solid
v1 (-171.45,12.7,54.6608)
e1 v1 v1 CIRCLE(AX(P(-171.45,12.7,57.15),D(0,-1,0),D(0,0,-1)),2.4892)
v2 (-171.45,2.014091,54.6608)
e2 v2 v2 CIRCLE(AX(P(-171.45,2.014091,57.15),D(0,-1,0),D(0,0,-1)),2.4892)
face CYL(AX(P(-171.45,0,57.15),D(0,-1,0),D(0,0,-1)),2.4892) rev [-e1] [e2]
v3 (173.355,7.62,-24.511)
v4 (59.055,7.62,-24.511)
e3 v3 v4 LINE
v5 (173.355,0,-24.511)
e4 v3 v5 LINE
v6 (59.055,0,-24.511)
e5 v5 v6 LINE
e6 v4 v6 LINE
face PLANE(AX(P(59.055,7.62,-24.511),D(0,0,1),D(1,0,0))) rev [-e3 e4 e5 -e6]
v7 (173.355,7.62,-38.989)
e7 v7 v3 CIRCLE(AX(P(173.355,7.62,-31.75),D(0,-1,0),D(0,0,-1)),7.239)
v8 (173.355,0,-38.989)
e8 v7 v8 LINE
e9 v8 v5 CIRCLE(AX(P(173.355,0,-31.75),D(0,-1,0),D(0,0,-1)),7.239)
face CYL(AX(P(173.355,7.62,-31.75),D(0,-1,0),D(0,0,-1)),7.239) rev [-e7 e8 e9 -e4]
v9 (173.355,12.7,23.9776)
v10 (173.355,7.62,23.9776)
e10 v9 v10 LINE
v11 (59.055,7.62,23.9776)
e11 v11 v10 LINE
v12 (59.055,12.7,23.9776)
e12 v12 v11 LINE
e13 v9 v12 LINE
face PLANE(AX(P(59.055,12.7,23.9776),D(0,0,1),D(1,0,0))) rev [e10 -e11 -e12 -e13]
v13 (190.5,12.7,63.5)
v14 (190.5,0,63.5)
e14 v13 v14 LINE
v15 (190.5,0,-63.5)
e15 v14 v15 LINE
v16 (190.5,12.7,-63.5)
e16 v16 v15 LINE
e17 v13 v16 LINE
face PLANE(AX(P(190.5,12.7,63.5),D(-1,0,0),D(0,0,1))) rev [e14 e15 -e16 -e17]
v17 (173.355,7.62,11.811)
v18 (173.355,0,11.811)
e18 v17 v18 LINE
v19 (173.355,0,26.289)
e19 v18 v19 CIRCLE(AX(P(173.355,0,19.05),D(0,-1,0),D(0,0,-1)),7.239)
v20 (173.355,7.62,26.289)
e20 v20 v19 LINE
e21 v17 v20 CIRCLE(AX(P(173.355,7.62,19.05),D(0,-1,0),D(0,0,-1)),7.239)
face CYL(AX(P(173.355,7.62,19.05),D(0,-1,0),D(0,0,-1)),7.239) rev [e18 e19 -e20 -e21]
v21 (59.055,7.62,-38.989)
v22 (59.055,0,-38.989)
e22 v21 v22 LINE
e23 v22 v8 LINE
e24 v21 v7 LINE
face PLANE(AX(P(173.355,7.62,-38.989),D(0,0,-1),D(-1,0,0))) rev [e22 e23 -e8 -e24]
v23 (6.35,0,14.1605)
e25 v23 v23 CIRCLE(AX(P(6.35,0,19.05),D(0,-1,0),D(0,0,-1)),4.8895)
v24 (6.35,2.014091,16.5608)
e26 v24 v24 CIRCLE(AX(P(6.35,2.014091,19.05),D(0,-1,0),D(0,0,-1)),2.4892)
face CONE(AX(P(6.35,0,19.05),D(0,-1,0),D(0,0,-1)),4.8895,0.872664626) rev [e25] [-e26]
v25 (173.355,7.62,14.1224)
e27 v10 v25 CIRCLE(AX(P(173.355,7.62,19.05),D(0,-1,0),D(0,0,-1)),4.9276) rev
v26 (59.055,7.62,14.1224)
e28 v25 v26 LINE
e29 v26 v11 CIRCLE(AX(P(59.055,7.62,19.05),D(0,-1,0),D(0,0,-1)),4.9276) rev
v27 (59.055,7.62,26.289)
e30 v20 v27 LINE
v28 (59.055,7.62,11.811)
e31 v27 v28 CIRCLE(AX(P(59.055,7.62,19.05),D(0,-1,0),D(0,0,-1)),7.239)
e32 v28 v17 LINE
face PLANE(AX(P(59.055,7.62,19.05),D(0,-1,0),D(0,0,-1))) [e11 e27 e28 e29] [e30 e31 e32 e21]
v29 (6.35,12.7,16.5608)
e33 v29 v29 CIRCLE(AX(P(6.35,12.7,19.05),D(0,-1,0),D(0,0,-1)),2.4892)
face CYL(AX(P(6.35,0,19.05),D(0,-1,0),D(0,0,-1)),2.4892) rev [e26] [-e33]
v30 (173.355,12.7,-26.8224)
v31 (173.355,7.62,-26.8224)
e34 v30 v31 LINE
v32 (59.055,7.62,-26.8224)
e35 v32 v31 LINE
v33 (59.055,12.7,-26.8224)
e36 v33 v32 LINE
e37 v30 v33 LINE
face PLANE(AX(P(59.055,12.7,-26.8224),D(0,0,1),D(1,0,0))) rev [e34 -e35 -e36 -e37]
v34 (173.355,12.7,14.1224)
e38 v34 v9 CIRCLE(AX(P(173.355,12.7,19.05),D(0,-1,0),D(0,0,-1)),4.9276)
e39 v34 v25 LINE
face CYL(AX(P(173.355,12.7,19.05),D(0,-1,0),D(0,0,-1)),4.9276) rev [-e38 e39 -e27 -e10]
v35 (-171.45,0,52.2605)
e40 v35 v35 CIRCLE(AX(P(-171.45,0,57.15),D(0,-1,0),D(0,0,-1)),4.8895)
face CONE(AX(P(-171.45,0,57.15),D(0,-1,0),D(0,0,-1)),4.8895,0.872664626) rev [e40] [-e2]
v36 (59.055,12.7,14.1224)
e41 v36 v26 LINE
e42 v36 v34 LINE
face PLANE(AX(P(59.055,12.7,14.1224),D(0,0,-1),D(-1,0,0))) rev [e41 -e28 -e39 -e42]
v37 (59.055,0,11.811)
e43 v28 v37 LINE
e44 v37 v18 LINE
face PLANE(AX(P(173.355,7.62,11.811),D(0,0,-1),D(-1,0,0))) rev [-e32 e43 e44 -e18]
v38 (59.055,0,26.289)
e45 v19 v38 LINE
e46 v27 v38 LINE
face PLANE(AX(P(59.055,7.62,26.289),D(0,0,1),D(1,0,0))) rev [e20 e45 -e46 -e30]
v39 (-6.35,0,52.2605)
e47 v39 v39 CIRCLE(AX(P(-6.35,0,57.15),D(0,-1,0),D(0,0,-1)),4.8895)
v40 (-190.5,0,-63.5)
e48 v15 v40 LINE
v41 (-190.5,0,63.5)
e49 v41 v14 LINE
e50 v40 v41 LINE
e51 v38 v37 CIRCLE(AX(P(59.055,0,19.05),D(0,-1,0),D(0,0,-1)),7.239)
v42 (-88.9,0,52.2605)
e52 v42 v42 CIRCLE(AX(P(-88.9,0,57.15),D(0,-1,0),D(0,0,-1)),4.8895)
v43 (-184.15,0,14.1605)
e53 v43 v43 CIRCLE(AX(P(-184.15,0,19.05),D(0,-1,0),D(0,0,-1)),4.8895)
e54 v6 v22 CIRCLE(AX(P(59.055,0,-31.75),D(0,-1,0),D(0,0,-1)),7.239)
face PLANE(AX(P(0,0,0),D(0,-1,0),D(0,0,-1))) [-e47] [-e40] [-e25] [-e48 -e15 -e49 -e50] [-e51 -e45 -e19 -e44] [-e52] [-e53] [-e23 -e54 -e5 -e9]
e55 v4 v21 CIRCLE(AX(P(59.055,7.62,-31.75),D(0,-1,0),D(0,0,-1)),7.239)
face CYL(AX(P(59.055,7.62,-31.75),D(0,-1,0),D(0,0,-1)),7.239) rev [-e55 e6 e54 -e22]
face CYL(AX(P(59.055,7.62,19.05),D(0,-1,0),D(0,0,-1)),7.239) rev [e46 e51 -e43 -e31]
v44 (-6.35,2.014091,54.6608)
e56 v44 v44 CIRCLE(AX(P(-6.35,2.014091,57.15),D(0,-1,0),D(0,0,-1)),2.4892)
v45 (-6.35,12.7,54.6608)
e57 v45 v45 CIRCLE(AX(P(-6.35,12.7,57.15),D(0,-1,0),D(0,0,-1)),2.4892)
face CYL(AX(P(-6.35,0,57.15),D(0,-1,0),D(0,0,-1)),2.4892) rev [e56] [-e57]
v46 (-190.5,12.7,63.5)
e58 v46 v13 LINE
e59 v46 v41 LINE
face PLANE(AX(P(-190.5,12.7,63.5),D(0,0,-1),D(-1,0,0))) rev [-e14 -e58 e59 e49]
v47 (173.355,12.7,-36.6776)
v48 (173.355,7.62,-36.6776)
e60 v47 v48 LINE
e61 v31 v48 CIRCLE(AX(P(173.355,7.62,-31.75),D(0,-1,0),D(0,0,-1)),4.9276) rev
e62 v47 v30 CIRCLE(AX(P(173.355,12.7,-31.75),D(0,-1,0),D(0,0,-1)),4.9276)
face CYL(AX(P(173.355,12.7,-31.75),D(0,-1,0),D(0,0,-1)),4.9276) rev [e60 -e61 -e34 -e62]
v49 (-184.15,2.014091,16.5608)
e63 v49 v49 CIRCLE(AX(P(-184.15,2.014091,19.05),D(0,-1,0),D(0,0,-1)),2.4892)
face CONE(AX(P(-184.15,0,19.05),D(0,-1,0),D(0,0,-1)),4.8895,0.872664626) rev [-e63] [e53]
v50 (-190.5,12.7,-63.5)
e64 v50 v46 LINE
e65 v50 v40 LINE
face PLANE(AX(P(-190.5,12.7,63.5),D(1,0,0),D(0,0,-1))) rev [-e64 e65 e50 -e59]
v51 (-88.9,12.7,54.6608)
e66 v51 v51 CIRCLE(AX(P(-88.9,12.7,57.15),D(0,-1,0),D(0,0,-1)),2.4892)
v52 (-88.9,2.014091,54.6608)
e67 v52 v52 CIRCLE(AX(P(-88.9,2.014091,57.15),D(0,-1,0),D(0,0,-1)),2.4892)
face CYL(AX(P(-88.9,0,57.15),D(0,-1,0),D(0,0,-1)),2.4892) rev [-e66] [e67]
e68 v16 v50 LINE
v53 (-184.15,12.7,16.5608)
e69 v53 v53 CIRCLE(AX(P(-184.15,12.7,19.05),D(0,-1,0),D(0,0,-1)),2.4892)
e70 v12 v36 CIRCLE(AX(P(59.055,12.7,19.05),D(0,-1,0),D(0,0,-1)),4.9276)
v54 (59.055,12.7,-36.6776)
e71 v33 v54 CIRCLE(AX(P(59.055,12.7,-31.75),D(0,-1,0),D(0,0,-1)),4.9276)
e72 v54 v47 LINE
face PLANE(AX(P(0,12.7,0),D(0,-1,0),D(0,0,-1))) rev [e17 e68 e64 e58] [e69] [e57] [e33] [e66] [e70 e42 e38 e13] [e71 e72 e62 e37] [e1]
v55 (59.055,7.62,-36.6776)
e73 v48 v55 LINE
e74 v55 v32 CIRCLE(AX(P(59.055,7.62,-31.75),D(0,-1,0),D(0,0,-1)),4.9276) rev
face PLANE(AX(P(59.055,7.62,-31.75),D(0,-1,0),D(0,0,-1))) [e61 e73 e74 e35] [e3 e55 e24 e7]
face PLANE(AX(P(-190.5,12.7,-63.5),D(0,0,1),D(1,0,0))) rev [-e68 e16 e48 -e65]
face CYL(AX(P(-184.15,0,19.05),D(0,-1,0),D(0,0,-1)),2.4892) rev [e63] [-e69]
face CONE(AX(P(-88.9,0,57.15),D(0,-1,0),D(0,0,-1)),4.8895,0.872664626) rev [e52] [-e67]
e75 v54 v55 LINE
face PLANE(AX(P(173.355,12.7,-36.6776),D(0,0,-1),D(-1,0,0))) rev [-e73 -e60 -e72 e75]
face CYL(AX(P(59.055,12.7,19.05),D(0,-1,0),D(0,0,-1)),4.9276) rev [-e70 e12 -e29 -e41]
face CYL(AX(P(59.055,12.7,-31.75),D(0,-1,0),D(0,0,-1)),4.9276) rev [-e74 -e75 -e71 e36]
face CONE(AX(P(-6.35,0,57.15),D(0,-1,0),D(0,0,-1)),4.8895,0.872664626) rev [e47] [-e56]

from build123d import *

# Parameters (mm, degrees)
SKETCH2_W                                          = 381
SKETCH2_H                                          = 127
BOSS_EXTRUDE1_DEPTH                                = 12.7
CUT_EXTRUDE1_DEPTH                                 = 12.7
CSK_FOR_10_FLAT_HEAD_MACHINE_SCREW_100_D           = 4.9784
CSK_FOR_10_FLAT_HEAD_MACHINE_SCREW_100_CSINK_D     = 9.779
CSK_FOR_10_FLAT_HEAD_MACHINE_SCREW_100_CSINK_ANGLE = 100
CSK_FOR_10_FLAT_HEAD_MACHINE_SCREW_2_D             = 4.9784
CSK_FOR_10_FLAT_HEAD_MACHINE_SCREW_2_CSINK_D       = 9.779
CSK_FOR_10_FLAT_HEAD_MACHINE_SCREW_2_CSINK_ANGLE   = 100
CUT_EXTRUDE3_DEPTH                                 = 7.62


with BuildPart() as part:
    # Sketch2 → Boss-Extrude1 (new body)
    with BuildSketch(Plane(origin=(0, 0, 0), x_dir=(1, 0, 0), z_dir=(0, 1, 0))):
        Rectangle(SKETCH2_W, SKETCH2_H)
    extrude(amount=BOSS_EXTRUDE1_DEPTH)

    # Sketch8 → Cut-Extrude1 (cut)
    with BuildSketch(Plane.XZ):
        with BuildLine():
            Line((59.055, 23.9776), (173.355, 23.9776))
            ThreePointArc((173.355, 23.9776), (178.2826, 19.05), (173.355, 14.1224))
            Line((173.355, 14.1224), (59.055, 14.1224))
            ThreePointArc((59.055, 14.1224), (54.1274, 19.05), (59.055, 23.9776))
        make_face()
        with BuildLine():
            Line((59.055, -26.8224), (173.355, -26.8224))
            ThreePointArc((173.355, -26.8224), (178.2826, -31.75), (173.355, -36.6776))
            Line((173.355, -36.6776), (59.055, -36.6776))
            ThreePointArc((59.055, -36.6776), (54.1274, -31.75), (59.055, -26.8224))
        make_face()
    extrude(amount=-CUT_EXTRUDE1_DEPTH, mode=Mode.SUBTRACT)

    # CSK for _10 Flat Head Machine Screw _100 (through all)
    with Locations(Plane(origin=(0, 0, 0), x_dir=(-1, 0, 0), z_dir=(0, -1, 0))):
        with Locations((171.45, -57.15), (88.9, -57.15), (6.35, -57.15)):
            CounterSinkHole(CSK_FOR_10_FLAT_HEAD_MACHINE_SCREW_100_D / 2, CSK_FOR_10_FLAT_HEAD_MACHINE_SCREW_100_CSINK_D / 2, counter_sink_angle=CSK_FOR_10_FLAT_HEAD_MACHINE_SCREW_100_CSINK_ANGLE)

    # CSK for _10 Flat Head Machine Screw  2 (through all)
    with Locations(Plane(origin=(0, 0, 0), x_dir=(-1, 0, 0), z_dir=(0, -1, 0))):
        with Locations((184.15, -19.05), (-6.35, -19.05)):
            CounterSinkHole(CSK_FOR_10_FLAT_HEAD_MACHINE_SCREW_2_D / 2, CSK_FOR_10_FLAT_HEAD_MACHINE_SCREW_2_CSINK_D / 2, counter_sink_angle=CSK_FOR_10_FLAT_HEAD_MACHINE_SCREW_2_CSINK_ANGLE)

    # Sketch16 → Cut-Extrude3 (cut)
    with BuildSketch(Plane.XZ):
        with BuildLine():
            Line((59.055, 26.289), (173.355, 26.289))
            ThreePointArc((173.355, 26.289), (180.594, 19.05), (173.355, 11.811))
            Line((173.355, 11.811), (59.055, 11.811))
            ThreePointArc((59.055, 11.811), (51.816, 19.05), (59.055, 26.289))
        make_face()
        with BuildLine():
            Line((59.055, -24.511), (173.355, -24.511))
            ThreePointArc((173.355, -24.511), (180.594, -31.75), (173.355, -38.989))
            Line((173.355, -38.989), (59.055, -38.989))
            ThreePointArc((59.055, -38.989), (51.816, -31.75), (59.055, -24.511))
        make_face()
    extrude(amount=-CUT_EXTRUDE3_DEPTH, mode=Mode.SUBTRACT)


solid = part.part
